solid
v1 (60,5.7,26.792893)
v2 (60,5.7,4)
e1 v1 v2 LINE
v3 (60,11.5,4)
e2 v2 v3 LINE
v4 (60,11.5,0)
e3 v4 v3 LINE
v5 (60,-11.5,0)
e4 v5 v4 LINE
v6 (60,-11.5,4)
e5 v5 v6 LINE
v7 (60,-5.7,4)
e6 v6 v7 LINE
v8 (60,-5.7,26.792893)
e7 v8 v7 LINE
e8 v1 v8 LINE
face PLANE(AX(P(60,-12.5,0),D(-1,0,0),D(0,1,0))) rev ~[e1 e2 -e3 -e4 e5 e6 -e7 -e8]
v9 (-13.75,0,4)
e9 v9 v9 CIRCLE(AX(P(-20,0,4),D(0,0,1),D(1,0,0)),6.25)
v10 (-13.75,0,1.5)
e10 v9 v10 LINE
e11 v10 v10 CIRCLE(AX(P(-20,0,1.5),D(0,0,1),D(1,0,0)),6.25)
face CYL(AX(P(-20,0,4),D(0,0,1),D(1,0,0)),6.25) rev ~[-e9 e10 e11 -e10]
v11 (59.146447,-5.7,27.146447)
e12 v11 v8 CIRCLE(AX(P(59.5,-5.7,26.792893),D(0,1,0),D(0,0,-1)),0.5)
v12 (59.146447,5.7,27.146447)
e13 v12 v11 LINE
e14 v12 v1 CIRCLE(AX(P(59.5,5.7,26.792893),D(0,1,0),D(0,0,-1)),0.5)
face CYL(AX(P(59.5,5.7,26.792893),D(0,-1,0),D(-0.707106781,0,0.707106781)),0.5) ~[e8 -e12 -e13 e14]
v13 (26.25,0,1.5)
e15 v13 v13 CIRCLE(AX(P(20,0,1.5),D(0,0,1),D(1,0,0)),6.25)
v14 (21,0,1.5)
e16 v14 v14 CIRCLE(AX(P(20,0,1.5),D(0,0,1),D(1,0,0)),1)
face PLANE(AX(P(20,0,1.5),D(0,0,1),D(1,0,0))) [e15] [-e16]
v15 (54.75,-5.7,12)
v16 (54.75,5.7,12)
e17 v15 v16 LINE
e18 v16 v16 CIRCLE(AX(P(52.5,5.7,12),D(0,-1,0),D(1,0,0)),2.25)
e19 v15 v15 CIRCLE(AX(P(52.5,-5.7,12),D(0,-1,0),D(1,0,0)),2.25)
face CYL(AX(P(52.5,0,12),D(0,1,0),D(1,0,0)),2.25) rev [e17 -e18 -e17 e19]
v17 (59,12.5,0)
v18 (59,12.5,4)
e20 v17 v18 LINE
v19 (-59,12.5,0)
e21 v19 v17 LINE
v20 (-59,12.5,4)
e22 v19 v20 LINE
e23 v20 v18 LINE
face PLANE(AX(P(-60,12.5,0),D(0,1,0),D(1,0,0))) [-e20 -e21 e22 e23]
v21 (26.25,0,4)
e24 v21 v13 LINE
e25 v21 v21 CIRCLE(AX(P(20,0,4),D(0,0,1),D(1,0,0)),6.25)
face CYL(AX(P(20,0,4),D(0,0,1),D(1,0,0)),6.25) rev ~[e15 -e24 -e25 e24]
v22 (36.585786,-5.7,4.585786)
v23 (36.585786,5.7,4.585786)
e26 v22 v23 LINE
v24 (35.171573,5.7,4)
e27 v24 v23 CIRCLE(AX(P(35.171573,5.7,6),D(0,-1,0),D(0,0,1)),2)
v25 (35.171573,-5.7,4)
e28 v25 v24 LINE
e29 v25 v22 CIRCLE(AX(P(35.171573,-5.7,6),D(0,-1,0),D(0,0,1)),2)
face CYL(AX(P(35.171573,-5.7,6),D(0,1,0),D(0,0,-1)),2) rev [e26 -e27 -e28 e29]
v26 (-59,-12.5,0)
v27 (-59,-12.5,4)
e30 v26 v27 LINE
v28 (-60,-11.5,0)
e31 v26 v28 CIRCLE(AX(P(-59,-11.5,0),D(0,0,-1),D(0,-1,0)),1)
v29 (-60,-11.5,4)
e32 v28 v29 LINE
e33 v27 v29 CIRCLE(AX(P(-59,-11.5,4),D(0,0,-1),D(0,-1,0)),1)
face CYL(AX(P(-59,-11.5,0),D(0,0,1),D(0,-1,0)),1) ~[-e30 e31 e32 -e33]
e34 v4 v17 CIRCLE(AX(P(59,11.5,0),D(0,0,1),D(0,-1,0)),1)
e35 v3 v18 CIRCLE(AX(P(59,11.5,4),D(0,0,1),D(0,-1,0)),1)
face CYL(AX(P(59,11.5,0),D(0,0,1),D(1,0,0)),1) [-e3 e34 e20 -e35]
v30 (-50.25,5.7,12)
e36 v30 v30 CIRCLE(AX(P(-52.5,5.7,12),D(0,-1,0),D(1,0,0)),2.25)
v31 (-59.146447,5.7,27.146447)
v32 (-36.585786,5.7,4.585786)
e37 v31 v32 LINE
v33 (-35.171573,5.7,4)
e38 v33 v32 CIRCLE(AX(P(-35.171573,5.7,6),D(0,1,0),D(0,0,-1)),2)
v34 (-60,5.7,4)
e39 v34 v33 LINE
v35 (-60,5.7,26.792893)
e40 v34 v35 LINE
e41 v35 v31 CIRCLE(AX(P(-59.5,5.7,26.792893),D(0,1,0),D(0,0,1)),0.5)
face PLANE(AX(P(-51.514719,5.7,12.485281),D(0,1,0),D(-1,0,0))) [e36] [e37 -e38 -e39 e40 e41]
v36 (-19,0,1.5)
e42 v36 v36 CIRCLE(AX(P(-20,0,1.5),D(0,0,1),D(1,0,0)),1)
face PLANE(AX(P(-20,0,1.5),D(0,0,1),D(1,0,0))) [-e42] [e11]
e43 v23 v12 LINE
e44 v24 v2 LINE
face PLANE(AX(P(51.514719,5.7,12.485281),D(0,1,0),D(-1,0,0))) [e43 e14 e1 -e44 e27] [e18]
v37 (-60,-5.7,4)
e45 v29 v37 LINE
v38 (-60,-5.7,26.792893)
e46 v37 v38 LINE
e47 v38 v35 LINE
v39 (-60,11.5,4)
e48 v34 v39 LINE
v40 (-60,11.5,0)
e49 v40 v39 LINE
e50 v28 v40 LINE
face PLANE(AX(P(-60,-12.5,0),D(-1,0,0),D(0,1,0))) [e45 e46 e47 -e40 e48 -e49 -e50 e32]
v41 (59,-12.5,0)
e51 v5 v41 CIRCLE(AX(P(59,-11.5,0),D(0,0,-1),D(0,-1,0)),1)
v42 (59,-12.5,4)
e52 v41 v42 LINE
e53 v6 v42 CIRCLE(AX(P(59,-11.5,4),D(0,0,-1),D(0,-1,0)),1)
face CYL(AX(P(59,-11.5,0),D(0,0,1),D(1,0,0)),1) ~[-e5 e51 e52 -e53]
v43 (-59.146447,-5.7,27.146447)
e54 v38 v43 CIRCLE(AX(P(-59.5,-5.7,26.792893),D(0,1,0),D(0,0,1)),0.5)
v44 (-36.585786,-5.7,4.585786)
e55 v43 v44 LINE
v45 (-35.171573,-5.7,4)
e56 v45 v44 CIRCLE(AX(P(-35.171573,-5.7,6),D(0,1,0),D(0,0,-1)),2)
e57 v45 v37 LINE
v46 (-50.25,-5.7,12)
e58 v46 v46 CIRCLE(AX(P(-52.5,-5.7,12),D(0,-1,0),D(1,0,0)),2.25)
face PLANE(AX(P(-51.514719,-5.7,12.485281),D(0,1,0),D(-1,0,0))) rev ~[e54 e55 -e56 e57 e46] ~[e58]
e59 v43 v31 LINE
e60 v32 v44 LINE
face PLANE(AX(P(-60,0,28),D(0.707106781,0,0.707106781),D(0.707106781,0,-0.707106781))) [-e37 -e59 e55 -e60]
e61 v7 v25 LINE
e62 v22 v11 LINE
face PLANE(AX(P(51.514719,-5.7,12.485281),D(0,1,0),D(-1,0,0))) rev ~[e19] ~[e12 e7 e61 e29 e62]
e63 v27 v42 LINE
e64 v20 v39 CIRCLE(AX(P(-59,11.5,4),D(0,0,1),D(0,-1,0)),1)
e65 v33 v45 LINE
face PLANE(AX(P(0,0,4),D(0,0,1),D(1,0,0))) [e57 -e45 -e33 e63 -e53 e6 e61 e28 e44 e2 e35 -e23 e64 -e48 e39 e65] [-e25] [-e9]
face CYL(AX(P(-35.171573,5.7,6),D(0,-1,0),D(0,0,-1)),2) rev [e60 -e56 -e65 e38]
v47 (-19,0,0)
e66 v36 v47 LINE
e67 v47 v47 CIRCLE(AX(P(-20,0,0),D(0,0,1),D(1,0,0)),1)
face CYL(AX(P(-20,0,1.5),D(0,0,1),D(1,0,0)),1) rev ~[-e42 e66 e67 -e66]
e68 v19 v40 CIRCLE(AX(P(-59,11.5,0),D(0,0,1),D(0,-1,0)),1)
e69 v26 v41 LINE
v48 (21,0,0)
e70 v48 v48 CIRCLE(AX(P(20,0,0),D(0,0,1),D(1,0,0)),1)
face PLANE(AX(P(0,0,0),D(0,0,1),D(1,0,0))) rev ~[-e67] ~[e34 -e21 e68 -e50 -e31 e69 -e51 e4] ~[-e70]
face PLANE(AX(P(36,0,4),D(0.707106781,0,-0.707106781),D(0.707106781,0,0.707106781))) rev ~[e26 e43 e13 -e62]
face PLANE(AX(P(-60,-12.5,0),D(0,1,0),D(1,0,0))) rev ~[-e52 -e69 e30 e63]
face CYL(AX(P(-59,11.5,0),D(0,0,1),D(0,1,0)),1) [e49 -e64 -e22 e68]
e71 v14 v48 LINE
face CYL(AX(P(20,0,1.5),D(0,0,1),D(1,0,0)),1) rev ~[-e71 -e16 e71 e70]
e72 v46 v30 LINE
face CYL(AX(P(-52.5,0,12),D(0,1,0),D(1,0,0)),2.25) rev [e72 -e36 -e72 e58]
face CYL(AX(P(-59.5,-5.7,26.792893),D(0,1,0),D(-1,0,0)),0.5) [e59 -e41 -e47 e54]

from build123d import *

# Parameters (mm, degrees)
SKETCH_W        = 120
SKETCH_H        = 25
PAD_DEPTH       = 4
SKETCH001_R     = 2.25
PAD001_DEPTH    = 5.7
FILLET_R        = 2
FILLET001_R     = 0.5
FILLET002_R     = 1
SKETCH002_R     = 6.25
POCKET_DEPTH    = 2.5
SKETCH003_R     = 1
POCKET001_DEPTH = 1.501


with BuildPart() as part:
    # Sketch → Pad (new body)
    with BuildSketch(Plane.XY):
        Rectangle(SKETCH_W, SKETCH_H)
    extrude(amount=PAD_DEPTH)

    # Sketch001 → Pad001 (join, symmetric)
    with BuildSketch(Plane.XZ):
        Polygon((-60, 4), (-60, 28), (-36, 4), align=None)
        with Locations((-52.5, 12)):
            Circle(SKETCH001_R, mode=Mode.SUBTRACT)
        Polygon((60, 4), (36, 4), (60, 28), align=None)
        with Locations((52.5, 12)):
            Circle(SKETCH001_R, mode=Mode.SUBTRACT)
    extrude(amount=PAD001_DEPTH, both=True)

    # Fillet
    fillet_edges = [part.edges().sort_by_distance(p)[0] for p in [
        (-36, 0, 4),
        (36, 0, 4),
    ]]
    fillet(fillet_edges, radius=FILLET_R)

    # Fillet001
    fillet001_edges = [part.edges().sort_by_distance(p)[0] for p in [
        (-60, 0, 28),
        (60, 0, 28),
    ]]
    fillet(fillet001_edges, radius=FILLET001_R)

    # Fillet002
    fillet002_edges = [part.edges().sort_by_distance(p)[0] for p in [
        (-60, 12.5, 2),
        (-60, -12.5, 2),
        (60, -12.5, 2),
        (60, 12.5, 2),
    ]]
    fillet(fillet002_edges, radius=FILLET002_R)

    # Sketch002 (on Face1 of Fillet002) → Pocket (cut)
    with BuildSketch(Plane.XY.offset(4)):
        with Locations((-20, 0)):
            Circle(SKETCH002_R)
        with Locations((20, 0)):
            Circle(SKETCH002_R)
    extrude(amount=-POCKET_DEPTH, mode=Mode.SUBTRACT)

    # Sketch003 (on Face27 of Pocket) → Pocket001 (cut, through all)
    with BuildSketch(Plane.XY.offset(1.5)):
        with Locations((-20, 0)):
            Circle(SKETCH003_R)
        with Locations((20, 0)):
            Circle(SKETCH003_R)
    extrude(amount=-POCKET001_DEPTH, mode=Mode.SUBTRACT)


solid = part.part
